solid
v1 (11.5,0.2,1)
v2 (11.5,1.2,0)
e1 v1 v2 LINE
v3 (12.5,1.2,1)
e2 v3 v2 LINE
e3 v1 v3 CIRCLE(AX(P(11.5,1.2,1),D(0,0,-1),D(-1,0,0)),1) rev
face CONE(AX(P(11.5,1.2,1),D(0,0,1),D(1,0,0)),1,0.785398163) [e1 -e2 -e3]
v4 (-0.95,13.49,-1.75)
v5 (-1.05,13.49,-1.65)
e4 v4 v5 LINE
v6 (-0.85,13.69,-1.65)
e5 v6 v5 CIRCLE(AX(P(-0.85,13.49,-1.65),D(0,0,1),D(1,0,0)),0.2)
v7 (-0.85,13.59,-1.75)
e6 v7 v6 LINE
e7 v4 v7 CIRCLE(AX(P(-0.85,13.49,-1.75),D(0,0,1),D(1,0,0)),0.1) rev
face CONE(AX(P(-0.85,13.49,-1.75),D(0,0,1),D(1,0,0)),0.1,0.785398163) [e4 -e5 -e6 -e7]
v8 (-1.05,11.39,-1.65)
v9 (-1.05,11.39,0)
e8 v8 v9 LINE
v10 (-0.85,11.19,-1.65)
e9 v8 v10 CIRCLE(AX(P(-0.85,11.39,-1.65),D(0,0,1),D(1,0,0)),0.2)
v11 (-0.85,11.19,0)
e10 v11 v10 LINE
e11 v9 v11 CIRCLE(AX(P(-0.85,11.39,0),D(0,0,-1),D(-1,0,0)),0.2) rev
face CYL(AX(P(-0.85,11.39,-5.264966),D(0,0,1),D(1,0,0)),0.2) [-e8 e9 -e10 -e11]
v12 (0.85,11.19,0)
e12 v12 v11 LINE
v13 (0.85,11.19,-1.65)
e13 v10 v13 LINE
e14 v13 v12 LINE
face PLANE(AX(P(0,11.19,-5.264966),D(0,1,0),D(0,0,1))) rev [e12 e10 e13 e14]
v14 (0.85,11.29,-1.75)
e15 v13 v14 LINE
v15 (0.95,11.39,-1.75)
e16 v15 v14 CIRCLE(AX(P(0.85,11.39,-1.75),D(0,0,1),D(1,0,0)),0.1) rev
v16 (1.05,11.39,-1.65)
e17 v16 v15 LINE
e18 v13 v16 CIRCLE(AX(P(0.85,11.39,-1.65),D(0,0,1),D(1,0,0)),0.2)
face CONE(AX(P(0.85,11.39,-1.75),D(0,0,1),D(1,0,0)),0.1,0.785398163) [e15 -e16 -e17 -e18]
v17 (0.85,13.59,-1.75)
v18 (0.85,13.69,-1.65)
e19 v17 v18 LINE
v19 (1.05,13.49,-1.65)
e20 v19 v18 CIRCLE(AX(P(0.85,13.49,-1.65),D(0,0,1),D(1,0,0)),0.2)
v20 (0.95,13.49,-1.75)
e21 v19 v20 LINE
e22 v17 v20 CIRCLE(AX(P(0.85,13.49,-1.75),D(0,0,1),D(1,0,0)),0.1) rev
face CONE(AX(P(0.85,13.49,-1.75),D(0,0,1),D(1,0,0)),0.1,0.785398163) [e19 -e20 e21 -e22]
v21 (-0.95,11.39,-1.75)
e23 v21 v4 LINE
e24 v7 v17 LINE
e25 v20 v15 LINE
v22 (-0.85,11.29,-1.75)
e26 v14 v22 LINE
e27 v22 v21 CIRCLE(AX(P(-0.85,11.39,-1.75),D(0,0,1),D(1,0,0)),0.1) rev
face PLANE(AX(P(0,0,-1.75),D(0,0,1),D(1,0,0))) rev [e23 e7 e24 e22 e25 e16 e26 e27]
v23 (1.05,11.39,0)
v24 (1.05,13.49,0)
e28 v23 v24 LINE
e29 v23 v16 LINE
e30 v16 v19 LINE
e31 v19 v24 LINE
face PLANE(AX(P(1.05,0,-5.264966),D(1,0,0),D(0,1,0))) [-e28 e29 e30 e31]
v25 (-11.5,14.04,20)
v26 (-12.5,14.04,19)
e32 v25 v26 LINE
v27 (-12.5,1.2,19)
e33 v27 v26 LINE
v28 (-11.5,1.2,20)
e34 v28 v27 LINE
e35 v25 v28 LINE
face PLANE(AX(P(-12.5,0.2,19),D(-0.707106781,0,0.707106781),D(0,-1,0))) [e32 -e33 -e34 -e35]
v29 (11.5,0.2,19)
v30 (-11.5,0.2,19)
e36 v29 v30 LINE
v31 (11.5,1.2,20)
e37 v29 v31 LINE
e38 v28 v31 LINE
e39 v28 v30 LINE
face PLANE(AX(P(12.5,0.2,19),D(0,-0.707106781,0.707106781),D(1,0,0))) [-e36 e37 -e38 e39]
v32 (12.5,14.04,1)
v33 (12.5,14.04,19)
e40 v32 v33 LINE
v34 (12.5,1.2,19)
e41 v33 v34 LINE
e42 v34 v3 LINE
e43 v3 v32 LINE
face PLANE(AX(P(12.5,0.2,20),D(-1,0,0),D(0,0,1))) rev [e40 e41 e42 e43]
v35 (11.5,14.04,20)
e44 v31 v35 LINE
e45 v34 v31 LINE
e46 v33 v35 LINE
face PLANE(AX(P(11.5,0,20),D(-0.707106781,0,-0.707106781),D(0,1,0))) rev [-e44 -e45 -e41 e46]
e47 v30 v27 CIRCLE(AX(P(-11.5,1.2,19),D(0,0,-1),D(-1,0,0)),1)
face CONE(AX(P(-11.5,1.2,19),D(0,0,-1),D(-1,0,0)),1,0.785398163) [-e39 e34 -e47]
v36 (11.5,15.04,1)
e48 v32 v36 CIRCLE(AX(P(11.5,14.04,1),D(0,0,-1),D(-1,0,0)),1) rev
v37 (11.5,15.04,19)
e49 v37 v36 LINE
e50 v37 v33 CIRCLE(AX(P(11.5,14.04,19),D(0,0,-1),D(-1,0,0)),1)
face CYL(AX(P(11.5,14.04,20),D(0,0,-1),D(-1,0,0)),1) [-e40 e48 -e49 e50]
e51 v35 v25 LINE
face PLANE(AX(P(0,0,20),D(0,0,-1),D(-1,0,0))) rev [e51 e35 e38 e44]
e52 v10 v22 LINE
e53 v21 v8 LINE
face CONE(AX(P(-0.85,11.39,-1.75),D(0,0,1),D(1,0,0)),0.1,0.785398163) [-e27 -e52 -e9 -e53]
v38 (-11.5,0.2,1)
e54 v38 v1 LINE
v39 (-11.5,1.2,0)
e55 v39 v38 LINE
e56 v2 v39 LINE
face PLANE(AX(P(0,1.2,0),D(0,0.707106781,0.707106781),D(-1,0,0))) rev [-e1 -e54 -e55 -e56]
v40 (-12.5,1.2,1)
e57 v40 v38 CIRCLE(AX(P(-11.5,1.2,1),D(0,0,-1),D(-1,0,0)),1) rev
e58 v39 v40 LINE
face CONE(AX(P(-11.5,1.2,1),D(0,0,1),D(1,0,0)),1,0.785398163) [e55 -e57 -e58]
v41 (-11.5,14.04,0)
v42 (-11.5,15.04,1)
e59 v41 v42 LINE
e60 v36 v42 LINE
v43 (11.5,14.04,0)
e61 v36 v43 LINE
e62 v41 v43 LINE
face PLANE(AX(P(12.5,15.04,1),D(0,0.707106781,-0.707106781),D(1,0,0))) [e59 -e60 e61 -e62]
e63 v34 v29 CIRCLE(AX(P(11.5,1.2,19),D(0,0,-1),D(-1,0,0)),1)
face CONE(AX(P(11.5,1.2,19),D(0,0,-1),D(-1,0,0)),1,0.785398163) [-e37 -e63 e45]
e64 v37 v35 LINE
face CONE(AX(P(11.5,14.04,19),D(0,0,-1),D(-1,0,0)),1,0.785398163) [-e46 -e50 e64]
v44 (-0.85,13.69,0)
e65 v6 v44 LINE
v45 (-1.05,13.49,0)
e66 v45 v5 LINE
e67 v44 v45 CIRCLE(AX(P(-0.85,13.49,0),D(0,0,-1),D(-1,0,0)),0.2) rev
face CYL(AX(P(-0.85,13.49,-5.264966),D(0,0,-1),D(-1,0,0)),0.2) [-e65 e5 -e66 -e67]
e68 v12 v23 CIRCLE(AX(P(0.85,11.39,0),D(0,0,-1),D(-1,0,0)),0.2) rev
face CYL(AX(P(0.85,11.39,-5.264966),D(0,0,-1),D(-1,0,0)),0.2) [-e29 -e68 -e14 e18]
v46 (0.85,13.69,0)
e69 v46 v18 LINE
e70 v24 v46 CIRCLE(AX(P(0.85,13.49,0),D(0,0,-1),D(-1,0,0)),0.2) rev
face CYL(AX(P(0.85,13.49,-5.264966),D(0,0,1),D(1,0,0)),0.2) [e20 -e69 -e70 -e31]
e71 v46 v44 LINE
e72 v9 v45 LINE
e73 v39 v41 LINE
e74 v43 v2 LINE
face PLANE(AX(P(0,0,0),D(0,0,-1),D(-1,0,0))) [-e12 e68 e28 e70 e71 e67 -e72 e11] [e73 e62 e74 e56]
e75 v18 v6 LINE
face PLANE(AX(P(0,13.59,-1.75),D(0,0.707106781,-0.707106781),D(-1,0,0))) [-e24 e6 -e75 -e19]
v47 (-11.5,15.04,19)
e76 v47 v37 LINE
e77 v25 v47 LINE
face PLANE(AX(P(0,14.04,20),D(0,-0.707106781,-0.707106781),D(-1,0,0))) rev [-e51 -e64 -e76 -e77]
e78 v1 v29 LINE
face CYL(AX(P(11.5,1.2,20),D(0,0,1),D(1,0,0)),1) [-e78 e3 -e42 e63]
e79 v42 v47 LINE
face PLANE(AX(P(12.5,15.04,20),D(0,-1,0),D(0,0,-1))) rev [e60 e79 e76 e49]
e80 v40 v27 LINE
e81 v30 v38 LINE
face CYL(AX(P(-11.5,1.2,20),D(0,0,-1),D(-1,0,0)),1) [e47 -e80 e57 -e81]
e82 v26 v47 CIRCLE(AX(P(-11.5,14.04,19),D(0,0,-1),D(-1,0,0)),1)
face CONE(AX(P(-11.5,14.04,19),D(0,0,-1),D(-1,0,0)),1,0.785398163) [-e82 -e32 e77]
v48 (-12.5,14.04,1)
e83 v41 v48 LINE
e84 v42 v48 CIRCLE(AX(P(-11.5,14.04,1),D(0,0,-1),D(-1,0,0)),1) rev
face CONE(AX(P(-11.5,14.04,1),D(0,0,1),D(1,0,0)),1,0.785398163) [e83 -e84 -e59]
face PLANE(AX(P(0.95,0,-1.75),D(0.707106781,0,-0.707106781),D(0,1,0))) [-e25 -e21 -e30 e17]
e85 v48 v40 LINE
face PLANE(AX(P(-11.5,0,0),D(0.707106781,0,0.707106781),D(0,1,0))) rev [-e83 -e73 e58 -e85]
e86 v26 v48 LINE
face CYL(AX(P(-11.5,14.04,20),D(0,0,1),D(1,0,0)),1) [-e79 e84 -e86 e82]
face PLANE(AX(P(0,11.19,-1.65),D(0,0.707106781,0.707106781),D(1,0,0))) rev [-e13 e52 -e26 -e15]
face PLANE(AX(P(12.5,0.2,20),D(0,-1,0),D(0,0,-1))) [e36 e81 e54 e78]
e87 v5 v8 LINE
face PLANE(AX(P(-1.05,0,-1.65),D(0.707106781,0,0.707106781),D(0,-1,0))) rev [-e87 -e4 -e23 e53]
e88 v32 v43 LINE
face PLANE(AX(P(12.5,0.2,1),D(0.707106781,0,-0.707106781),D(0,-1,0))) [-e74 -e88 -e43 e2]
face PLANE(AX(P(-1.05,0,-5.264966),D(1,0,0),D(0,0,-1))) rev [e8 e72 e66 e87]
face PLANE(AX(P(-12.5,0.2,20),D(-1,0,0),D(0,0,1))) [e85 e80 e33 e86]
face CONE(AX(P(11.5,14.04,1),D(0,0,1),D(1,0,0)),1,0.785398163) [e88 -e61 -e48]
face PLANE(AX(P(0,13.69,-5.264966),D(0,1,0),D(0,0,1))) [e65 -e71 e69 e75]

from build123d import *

# Parameters (mm, degrees)
MAIN_FEATURES_W        = 2.1
MAIN_FEATURES_H        = 2.5
PEG_DEPTH              = 1.75
SKETCH1_3_W            = 25
SKETCH1_3_H            = 14.84
BLOCK_DEPTH            = 20
ROUNDED_PEG_EDGES_R    = 0.2
ROUNDED_BLOCK_EDGES_R  = 1
BREAK_PEG_EDGES_SIZE   = 0.1
BREAK_BLOCK_EDGES_SIZE = 1


with BuildPart() as part:
    # main_features → peg (new body)
    with BuildSketch(Plane.XY):
        with Locations((0, 12.44)):
            Rectangle(MAIN_FEATURES_W, MAIN_FEATURES_H)
    extrude(amount=-PEG_DEPTH)

    # Sketch1<3> → block (add)
    with BuildSketch(Plane.XY):
        with Locations((0, 7.62)):
            Rectangle(SKETCH1_3_W, SKETCH1_3_H)
    extrude(amount=BLOCK_DEPTH)

    # rounded_peg_edges
    rounded_peg_edges_edges = [part.edges().sort_by_distance(p)[0] for p in [
        (-1.05, 11.19, -0.875),
        (1.05, 11.19, -0.875),
        (1.05, 13.69, -0.875),
        (-1.05, 13.69, -0.875),
    ]]
    fillet(rounded_peg_edges_edges, radius=ROUNDED_PEG_EDGES_R)

    # rounded_block_edges
    rounded_block_edges_edges = [part.edges().sort_by_distance(p)[0] for p in [
        (-12.5, 0.2, 10),
        (12.5, 0.2, 10),
        (12.5, 15.04, 10),
        (-12.5, 15.04, 10),
    ]]
    fillet(rounded_block_edges_edges, radius=ROUNDED_BLOCK_EDGES_R)

    # break_peg_edges
    break_peg_edges_edges = [part.edges().sort_by_distance(p)[0] for p in [
        (0, 11.19, -1.75),
        (1.05, 12.44, -1.75),
        (0, 13.69, -1.75),
        (-1.05, 12.44, -1.75),
        (-0.991421356, 13.631421356, -1.75),
        (-0.991421356, 11.248578644, -1.75),
        (0.991421356, 13.631421356, -1.75),
        (0.991421356, 11.248578644, -1.75),
    ]]
    chamfer(break_peg_edges_edges, length=BREAK_PEG_EDGES_SIZE)

    # break_block_edges
    break_block_edges_edges = [part.edges().sort_by_distance(p)[0] for p in [
        (12.5, 7.62, 0),
        (12.5, 7.62, 20),
        (0, 0.2, 0),
        (-12.5, 7.62, 0),
        (0, 15.04, 0),
        (-12.207106781, 0.492893219, 0),
        (-12.207106781, 14.747106781, 0),
        (12.207106781, 14.747106781, 0),
        (12.207106781, 0.492893219, 0),
        (0, 0.2, 20),
        (0, 15.04, 20),
        (-12.5, 7.62, 20),
        (-12.207106781, 0.492893219, 20),
        (-12.207106781, 14.747106781, 20),
        (12.207106781, 14.747106781, 20),
        (12.207106781, 0.492893219, 20),
    ]]
    chamfer(break_block_edges_edges, length=BREAK_BLOCK_EDGES_SIZE)


solid = part.part
